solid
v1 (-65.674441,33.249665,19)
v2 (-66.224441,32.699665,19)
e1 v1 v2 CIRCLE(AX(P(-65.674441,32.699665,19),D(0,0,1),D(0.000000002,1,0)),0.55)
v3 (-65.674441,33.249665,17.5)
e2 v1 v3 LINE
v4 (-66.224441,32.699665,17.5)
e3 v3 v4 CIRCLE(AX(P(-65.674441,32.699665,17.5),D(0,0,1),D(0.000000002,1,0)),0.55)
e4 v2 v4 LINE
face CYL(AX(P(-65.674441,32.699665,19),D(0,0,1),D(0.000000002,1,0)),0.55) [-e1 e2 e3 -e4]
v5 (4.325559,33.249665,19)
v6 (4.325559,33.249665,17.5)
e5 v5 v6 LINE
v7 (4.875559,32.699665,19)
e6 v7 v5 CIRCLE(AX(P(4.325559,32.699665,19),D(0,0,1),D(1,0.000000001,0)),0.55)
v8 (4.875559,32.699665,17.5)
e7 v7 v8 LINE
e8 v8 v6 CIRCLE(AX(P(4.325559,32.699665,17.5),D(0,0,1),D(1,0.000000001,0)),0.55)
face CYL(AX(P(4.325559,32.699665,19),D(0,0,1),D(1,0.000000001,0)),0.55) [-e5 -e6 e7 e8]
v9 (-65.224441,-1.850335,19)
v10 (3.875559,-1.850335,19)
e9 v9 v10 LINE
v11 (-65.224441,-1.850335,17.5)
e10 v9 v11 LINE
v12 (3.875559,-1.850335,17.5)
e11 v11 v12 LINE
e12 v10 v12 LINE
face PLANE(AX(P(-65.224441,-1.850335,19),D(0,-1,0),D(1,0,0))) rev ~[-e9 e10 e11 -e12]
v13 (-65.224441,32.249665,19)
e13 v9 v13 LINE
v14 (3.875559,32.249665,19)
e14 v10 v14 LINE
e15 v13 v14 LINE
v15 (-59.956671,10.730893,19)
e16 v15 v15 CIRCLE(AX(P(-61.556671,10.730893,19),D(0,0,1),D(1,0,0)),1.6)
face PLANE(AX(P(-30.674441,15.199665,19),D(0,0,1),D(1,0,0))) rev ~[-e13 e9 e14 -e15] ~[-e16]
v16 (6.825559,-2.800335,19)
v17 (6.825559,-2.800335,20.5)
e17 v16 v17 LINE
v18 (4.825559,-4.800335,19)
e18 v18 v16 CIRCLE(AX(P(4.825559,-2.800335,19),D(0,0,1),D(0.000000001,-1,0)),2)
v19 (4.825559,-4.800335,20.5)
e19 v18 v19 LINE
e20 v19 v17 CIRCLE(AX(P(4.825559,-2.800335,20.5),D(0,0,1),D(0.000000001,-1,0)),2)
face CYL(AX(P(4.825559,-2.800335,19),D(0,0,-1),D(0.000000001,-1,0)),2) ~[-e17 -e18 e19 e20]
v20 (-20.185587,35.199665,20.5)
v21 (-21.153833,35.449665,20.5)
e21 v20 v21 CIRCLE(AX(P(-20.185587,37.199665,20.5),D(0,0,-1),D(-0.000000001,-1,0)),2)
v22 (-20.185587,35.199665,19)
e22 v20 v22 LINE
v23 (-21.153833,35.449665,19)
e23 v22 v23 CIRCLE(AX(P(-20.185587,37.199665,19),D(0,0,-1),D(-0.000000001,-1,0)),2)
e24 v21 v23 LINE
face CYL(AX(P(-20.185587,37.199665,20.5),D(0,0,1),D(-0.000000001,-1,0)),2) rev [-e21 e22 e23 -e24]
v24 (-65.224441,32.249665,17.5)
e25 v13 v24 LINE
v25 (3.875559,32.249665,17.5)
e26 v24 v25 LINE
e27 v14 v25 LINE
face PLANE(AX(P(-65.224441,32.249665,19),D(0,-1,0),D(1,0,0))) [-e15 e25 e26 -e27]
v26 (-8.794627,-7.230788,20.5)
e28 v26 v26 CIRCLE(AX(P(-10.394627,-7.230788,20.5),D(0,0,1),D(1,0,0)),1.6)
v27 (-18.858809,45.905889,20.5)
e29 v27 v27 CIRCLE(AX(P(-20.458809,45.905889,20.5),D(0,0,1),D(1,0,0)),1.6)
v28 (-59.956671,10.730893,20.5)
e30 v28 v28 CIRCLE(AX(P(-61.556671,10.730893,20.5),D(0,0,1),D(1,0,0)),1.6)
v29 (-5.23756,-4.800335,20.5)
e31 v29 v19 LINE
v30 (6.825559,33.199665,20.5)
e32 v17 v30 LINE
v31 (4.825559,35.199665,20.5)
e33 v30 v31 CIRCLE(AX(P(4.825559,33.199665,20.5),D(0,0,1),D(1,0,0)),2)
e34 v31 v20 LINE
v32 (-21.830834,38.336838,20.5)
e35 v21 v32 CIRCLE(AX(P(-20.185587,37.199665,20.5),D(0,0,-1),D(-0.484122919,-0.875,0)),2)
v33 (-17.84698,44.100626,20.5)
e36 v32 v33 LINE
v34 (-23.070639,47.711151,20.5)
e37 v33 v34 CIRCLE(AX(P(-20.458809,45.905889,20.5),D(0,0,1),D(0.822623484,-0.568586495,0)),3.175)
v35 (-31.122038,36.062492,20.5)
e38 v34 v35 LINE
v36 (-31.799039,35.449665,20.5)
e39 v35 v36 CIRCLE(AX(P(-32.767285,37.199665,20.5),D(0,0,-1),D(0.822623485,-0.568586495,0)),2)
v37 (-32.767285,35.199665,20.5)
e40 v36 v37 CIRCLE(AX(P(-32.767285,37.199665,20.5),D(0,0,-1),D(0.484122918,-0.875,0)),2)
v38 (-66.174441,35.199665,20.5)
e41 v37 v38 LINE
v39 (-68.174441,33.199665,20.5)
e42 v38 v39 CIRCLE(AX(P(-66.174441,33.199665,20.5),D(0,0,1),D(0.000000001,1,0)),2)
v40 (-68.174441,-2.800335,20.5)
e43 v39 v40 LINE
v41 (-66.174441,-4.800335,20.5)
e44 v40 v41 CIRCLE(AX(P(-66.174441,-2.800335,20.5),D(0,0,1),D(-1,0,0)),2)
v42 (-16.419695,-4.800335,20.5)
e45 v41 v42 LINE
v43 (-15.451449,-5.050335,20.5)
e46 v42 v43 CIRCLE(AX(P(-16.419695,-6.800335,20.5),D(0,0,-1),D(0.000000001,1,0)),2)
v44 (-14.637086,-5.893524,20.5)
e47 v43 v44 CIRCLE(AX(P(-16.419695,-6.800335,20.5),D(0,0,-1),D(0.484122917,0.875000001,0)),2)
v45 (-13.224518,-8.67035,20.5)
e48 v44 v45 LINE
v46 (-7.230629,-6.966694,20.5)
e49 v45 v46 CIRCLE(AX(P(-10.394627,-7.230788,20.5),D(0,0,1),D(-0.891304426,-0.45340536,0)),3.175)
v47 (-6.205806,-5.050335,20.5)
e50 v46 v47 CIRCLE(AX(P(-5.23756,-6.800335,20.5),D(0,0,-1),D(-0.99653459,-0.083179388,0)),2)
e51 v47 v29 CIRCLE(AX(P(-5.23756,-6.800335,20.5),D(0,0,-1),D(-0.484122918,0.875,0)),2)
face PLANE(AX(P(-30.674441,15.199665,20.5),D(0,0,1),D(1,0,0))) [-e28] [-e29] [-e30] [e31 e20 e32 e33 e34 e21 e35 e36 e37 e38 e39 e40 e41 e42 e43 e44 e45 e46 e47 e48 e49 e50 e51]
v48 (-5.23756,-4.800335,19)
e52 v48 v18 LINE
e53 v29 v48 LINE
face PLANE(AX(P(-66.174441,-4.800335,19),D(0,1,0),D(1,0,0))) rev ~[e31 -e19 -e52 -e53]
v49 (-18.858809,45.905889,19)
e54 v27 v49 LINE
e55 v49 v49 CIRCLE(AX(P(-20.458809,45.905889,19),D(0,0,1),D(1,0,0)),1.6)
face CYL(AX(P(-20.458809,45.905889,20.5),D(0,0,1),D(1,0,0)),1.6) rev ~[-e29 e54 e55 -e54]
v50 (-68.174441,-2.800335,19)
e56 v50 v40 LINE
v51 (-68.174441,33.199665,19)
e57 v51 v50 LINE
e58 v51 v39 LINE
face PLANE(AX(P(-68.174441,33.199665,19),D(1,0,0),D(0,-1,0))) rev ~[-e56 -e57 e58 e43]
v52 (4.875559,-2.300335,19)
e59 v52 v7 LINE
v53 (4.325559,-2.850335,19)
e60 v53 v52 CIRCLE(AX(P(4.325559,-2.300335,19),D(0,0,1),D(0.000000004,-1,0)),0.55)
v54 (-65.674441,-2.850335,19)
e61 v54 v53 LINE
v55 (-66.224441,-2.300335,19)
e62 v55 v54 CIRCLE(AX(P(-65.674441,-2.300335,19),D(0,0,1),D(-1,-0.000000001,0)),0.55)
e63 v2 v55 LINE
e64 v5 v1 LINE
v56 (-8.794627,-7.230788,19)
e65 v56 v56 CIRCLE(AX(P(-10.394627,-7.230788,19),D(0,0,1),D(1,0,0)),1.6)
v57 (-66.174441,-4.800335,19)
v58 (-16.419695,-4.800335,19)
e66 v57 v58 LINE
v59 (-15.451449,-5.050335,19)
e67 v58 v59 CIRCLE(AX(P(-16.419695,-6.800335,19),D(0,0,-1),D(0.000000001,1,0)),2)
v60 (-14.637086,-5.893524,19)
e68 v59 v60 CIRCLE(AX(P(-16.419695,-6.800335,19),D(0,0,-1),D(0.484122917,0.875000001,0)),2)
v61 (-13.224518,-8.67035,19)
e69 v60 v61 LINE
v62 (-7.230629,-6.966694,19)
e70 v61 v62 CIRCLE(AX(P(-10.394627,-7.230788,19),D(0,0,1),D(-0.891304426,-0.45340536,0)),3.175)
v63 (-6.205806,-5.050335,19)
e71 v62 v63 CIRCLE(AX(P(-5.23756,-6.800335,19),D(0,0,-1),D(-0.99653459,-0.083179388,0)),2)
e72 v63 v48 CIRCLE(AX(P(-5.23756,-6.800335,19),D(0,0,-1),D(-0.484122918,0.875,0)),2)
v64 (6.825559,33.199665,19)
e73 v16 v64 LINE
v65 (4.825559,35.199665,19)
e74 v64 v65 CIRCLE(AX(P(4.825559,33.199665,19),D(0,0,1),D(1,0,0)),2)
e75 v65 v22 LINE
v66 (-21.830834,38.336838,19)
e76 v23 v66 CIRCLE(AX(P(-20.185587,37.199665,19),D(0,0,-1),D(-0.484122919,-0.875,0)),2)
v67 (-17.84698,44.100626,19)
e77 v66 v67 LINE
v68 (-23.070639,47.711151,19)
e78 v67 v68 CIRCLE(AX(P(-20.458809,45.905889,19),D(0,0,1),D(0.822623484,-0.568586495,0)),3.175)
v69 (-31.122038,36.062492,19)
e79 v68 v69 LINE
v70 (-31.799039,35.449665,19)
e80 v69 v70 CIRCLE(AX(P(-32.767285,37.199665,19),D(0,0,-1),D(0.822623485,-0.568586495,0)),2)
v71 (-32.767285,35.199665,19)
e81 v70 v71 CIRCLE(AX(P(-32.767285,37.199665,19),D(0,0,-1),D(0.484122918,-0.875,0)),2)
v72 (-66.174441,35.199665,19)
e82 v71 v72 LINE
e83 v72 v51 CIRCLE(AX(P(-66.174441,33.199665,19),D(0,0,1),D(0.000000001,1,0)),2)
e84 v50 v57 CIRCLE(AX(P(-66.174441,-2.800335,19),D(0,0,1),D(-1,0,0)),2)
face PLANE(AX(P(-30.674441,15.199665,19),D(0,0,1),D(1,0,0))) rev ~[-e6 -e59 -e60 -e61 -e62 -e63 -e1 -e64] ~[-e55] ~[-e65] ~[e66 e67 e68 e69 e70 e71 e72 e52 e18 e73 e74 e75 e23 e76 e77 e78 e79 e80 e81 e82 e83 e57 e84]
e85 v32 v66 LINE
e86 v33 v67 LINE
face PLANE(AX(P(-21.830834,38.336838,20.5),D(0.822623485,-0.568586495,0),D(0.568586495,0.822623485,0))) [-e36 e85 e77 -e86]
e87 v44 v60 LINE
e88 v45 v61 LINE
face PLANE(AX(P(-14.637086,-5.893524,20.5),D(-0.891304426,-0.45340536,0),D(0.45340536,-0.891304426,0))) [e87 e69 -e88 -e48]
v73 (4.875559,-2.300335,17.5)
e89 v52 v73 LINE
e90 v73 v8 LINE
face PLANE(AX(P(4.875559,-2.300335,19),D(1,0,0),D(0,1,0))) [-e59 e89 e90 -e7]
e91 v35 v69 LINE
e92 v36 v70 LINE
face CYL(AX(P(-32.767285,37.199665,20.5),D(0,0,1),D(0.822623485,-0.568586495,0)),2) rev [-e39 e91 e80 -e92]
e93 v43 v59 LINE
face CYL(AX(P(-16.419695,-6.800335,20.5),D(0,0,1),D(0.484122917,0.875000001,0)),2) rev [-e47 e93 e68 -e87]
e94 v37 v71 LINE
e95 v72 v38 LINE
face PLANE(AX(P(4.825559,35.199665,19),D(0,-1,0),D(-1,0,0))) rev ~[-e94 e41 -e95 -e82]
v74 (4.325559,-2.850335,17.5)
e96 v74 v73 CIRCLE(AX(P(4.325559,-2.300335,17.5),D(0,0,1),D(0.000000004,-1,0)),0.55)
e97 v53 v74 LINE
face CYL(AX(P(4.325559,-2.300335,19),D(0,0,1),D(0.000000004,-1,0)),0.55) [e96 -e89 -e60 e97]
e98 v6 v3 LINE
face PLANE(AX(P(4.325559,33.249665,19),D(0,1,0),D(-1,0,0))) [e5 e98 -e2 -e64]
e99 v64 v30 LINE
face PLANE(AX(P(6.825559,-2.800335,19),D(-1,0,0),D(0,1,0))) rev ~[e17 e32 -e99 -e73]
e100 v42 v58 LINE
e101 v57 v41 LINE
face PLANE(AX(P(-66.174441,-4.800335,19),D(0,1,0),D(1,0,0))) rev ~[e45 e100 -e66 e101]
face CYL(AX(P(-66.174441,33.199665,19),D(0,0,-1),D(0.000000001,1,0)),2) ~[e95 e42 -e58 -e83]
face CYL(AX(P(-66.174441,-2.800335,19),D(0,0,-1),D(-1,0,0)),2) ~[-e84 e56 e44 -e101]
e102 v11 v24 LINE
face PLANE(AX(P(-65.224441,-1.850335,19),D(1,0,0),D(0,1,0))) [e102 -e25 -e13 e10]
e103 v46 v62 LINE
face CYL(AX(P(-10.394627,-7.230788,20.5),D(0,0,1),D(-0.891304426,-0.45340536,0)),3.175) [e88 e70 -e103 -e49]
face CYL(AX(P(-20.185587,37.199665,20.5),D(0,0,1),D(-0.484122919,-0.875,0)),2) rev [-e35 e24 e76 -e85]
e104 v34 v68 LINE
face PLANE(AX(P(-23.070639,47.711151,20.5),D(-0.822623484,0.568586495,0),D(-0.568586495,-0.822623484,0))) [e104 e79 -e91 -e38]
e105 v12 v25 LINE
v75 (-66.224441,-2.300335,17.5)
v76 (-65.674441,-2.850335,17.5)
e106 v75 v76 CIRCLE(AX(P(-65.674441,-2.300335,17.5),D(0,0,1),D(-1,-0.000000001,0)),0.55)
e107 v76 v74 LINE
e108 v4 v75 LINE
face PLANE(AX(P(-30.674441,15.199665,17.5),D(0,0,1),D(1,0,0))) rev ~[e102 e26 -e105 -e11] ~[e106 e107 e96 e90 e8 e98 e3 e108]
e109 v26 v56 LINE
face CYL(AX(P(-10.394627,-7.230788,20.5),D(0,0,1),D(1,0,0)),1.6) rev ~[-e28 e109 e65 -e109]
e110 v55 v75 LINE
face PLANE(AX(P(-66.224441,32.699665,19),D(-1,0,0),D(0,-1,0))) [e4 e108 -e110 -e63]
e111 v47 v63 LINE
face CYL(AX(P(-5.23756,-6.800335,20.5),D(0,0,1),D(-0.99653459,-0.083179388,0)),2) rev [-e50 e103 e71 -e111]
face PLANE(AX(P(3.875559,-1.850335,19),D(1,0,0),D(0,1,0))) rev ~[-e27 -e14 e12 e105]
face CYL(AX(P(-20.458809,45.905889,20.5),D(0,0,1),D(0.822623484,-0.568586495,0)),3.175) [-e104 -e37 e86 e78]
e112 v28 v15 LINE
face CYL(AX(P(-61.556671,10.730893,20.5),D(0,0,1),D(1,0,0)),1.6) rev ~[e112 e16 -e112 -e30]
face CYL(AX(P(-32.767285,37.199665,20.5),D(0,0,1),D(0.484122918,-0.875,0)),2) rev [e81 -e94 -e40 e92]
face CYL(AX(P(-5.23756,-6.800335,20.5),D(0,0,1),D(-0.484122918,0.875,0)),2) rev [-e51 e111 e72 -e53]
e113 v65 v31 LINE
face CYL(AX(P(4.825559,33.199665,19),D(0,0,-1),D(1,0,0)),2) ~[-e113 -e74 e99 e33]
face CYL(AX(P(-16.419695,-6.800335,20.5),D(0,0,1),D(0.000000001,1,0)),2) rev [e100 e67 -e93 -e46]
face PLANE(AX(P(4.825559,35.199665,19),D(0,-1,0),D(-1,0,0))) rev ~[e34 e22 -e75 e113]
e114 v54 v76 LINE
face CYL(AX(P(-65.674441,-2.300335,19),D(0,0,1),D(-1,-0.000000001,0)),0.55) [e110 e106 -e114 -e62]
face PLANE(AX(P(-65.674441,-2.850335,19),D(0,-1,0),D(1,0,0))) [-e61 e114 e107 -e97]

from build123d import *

# Parameters (mm, degrees)
SKETCH1_W           = 69.1
SKETCH1_H           = 34.1
BOSS_EXTRUDE1_DEPTH = 1.5
BOSS_EXTRUDE2_DEPTH = 1.5
SKETCH3_R           = 1.6
BOSS_EXTRUDE3_DEPTH = 1.5
SKETCH3_2_R         = 1.6
CUT_EXTRUDE1_DEPTH  = 85.057646739


with BuildPart() as part:
    # Sketch1 → Boss-Extrude1 (new body)
    with BuildSketch(Plane.XY.offset(19)):
        with BuildLine():
            Line((4.325559412, 33.249665151), (-65.674440588, 33.249665151))
            ThreePointArc((-65.674440588, 33.249665151), (-66.063349318, 33.088573881), (-66.224440588, 32.699665151))
            Line((-66.224440588, 32.699665151), (-66.224440588, -2.300334849))
            ThreePointArc((-66.224440588, -2.300334849), (-66.063349318, -2.689243578), (-65.674440588, -2.850334849))
            Line((-65.674440588, -2.850334849), (4.325559412, -2.850334849))
            ThreePointArc((4.325559412, -2.850334849), (4.714468141, -2.689243578), (4.875559412, -2.300334849))
            Line((4.875559412, -2.300334849), (4.875559412, 32.699665151))
            ThreePointArc((4.875559412, 32.699665151), (4.714468141, 33.088573881), (4.325559412, 33.249665151))
        make_face()
        with Locations((-30.674440588, 15.199665151)):
            Rectangle(SKETCH1_W, SKETCH1_H, mode=Mode.SUBTRACT)
    extrude(amount=-BOSS_EXTRUDE1_DEPTH)

    # Sketch2 → Boss-Extrude2 (add)
    with BuildSketch(Plane.XY.offset(19)):
        with BuildLine():
            Line((6.825559412, -2.800334849), (6.825559412, 33.199665151))
            ThreePointArc((6.825559412, 33.199665151), (6.239772974, 34.613878714), (4.825559412, 35.199665151))
            Line((4.825559412, 35.199665151), (-66.174440588, 35.199665151))
            ThreePointArc((-66.174440588, 35.199665151), (-67.588654151, 34.613878714), (-68.174440588, 33.199665151))
            Line((-68.174440588, 33.199665151), (-68.174440588, -2.800334849))
            ThreePointArc((-68.174440588, -2.800334849), (-67.588654151, -4.214548411), (-66.174440588, -4.800334849))
            Line((-66.174440588, -4.800334849), (4.825559412, -4.800334849))
            ThreePointArc((4.825559412, -4.800334849), (6.239772974, -4.214548411), (6.825559412, -2.800334849))
        make_face()
    extrude(amount=BOSS_EXTRUDE2_DEPTH)

    # Sketch3 → Boss-Extrude3 (add)
    with BuildSketch(Plane.XY.offset(20.5)):
        with Locations((-61.556671003, 10.73089265)):
            Circle(SKETCH3_R)
        with BuildLine():
            Line((-14.637085978, -5.893524128), (-13.224518296, -8.670350201))
            ThreePointArc((-13.224518296, -8.670350201), (-9.526572542, -10.284819436), (-7.230629421, -6.966693625))
            ThreePointArc((-7.230629421, -6.966693625), (-7.001208277, -5.857177596), (-6.205806077, -5.050334849))
            ThreePointArc((-6.205806077, -5.050334849), (-5.737560241, -4.863843176), (-5.237560241, -4.800334849))
            Line((-5.237560241, -4.800334849), (-16.419694829, -4.800334849))
            ThreePointArc((-16.419694829, -4.800334849), (-15.919694829, -4.863843176), (-15.451448992, -5.050334849))
            ThreePointArc((-15.451448992, -5.050334849), (-14.981104401, -5.410925772), (-14.637085978, -5.893524128))
        make_face()
        with Locations((-10.394626745, -7.230788182)):
            Circle(SKETCH3_R, mode=Mode.SUBTRACT)
        with BuildLine():
            Line((-23.070638788, 47.711150724), (-31.122037847, 36.06249216))
            ThreePointArc((-31.122037847, 36.06249216), (-31.425094294, 35.716922893), (-31.799038979, 35.449665151))
            ThreePointArc((-31.799038979, 35.449665151), (-32.267284816, 35.263173478), (-32.767284816, 35.199665151))
            Line((-32.767284816, 35.199665151), (-20.185587119, 35.199665151))
            ThreePointArc((-20.185587119, 35.199665151), (-20.685587119, 35.263173478), (-21.153832956, 35.449665151))
            ThreePointArc((-21.153832956, 35.449665151), (-22.132771787, 36.743077954), (-21.830834088, 38.336838142))
            Line((-21.830834088, 38.336838142), (-17.846979662, 44.100626478))
            ThreePointArc((-17.846979662, 44.100626478), (-18.653547102, 48.517718164), (-23.070638788, 47.711150724))
        make_face()
        with Locations((-20.458809225, 45.905888601)):
            Circle(SKETCH3_R, mode=Mode.SUBTRACT)
    extrude(amount=-BOSS_EXTRUDE3_DEPTH)

    # Sketch3<2> → Cut-Extrude1 (cut, through all)
    with BuildSketch(Plane.XY.offset(20.5)):
        with Locations((-61.556671003, 10.73089265)):
            Circle(SKETCH3_2_R)
    extrude(amount=-CUT_EXTRUDE1_DEPTH, mode=Mode.SUBTRACT)


solid = part.part
